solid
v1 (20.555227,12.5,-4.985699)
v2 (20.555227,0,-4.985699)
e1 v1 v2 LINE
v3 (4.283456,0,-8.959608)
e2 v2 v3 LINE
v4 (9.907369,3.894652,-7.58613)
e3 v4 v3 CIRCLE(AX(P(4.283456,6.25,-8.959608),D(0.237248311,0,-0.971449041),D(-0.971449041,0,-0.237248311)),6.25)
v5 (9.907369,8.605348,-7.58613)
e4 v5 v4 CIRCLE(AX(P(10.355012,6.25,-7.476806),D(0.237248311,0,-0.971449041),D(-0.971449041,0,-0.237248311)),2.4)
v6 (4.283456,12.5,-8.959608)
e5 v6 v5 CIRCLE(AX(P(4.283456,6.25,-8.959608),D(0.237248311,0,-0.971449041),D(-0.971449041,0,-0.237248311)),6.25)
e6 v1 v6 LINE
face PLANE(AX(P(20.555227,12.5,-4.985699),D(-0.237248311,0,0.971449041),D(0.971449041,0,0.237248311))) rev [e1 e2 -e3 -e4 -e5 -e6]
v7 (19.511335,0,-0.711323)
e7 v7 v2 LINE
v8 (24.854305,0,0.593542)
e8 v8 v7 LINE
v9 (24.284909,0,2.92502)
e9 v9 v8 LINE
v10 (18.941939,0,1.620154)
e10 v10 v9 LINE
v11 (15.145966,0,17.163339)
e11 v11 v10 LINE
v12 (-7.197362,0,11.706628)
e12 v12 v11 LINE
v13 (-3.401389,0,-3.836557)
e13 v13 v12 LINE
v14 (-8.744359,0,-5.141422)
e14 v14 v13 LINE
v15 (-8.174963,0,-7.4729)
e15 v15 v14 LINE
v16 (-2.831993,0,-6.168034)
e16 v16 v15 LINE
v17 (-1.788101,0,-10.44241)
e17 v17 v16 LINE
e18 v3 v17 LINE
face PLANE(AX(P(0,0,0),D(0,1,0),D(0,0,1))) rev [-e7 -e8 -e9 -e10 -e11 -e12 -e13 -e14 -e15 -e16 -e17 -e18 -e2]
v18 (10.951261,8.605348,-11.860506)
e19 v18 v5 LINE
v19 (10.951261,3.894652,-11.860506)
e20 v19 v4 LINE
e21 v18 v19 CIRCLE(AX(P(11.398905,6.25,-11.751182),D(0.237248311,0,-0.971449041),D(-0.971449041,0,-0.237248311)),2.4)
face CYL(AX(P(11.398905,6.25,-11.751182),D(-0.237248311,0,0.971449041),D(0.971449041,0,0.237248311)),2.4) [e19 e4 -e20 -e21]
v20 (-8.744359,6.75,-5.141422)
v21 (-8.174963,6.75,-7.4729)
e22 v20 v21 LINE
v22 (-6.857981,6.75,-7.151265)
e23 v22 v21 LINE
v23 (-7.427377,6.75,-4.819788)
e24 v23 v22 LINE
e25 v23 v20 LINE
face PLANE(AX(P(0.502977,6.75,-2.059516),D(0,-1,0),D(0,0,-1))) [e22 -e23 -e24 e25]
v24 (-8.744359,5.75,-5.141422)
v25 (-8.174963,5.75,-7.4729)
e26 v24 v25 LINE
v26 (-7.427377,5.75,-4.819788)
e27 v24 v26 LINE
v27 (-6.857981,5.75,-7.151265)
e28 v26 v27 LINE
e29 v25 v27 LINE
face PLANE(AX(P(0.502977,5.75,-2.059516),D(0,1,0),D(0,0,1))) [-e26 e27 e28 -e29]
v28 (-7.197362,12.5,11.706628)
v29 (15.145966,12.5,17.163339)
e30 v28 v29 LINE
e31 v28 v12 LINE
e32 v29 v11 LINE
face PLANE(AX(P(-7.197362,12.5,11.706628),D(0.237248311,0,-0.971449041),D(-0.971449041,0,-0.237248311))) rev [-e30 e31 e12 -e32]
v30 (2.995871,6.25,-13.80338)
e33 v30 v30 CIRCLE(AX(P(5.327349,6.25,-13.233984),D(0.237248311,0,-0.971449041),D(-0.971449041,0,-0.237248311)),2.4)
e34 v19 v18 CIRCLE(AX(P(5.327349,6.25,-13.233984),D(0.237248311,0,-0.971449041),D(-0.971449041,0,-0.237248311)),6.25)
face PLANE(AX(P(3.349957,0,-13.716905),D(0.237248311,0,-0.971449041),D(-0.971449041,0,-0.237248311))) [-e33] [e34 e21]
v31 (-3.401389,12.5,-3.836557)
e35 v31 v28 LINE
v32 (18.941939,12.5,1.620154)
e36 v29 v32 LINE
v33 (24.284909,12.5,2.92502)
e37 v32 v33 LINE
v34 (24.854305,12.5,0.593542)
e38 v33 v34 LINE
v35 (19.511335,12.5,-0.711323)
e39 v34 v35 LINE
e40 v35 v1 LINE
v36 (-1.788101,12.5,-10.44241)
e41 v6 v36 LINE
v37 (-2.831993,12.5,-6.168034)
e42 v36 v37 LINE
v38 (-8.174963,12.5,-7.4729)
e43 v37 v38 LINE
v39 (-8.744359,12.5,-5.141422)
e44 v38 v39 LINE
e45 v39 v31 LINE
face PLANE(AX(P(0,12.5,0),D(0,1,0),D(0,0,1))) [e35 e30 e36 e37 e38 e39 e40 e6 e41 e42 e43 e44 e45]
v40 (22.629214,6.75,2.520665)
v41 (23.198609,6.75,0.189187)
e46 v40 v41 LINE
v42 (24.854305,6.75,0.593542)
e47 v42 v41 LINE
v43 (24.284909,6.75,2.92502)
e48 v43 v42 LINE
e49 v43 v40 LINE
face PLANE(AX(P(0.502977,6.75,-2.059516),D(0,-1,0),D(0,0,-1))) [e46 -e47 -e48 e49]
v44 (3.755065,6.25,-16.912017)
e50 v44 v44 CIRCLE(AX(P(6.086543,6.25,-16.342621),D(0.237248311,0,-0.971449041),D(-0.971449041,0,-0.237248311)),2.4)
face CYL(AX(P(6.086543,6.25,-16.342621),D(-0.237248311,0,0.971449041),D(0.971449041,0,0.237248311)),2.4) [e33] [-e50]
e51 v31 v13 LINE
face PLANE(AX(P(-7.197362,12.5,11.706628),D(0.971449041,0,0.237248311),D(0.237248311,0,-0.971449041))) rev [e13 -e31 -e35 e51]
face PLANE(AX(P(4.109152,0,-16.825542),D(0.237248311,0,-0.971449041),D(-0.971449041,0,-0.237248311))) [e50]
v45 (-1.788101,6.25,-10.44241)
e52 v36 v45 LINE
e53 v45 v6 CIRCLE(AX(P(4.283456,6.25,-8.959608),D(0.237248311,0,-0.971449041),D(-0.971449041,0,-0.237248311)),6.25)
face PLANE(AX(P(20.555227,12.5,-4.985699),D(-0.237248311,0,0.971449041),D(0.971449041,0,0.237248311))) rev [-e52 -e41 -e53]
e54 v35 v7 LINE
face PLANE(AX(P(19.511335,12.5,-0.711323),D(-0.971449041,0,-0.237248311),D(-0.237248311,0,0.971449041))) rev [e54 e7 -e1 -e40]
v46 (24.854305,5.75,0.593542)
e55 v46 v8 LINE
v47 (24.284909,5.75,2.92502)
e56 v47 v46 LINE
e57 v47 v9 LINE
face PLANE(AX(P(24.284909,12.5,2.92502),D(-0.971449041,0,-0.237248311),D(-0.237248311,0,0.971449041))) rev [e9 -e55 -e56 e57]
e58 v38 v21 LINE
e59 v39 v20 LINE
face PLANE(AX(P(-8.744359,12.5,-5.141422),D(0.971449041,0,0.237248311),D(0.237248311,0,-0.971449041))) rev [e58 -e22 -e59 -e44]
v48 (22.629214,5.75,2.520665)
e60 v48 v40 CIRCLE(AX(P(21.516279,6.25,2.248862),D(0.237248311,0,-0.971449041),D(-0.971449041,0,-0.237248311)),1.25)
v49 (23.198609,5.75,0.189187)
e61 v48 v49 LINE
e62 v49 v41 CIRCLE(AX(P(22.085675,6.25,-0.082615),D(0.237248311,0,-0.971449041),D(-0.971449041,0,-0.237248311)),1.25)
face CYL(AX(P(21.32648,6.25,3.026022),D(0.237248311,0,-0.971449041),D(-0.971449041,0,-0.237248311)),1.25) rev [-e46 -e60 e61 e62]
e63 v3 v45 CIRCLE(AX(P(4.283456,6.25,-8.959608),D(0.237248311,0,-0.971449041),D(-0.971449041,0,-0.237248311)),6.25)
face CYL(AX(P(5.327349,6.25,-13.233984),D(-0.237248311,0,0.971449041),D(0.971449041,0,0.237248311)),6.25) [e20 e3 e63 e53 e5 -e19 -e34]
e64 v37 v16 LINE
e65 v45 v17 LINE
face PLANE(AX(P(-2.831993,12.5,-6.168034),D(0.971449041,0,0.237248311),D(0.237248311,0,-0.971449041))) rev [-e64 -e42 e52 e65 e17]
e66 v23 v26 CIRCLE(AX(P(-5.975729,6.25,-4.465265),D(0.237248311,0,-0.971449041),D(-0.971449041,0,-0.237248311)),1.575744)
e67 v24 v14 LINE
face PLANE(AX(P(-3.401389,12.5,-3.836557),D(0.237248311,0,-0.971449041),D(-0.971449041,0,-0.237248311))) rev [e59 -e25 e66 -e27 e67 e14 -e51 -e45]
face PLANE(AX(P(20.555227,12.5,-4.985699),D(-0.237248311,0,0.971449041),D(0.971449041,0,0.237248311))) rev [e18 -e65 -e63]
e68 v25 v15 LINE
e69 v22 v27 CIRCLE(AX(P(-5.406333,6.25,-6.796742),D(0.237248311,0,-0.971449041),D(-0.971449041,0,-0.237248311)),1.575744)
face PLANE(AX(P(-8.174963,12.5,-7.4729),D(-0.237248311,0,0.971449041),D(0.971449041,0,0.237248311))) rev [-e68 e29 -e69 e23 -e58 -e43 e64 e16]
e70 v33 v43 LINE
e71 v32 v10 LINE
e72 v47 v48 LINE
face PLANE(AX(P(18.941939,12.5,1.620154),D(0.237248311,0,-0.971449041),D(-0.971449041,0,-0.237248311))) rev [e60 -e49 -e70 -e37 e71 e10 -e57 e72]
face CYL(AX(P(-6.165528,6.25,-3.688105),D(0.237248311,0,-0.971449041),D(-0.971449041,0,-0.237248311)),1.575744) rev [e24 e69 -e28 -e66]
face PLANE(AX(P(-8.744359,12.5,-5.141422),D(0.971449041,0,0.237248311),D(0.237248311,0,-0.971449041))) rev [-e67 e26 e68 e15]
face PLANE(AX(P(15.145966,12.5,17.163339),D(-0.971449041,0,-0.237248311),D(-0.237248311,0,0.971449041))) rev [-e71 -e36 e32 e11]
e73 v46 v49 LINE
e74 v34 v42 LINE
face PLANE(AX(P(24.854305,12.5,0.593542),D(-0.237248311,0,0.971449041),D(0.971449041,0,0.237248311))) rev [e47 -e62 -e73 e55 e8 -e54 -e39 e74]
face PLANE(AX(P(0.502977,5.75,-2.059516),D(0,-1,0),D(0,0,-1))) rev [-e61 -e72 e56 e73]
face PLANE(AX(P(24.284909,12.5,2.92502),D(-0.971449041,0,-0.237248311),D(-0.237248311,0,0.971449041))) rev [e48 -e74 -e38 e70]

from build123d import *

# Parameters (mm, degrees)
BOSS_EXTRUDE1_DEPTH = 12.5
SKETCH2_R           = 6.25
SKETCH2_R_2         = 2.4
BOSS_EXTRUDE2_DEPTH = 4.4
SKETCH3_R           = 2.4
BOSS_EXTRUDE3_DEPTH = 3.2
SKETCH4_R           = 1.25
CUT_EXTRUDE1_DEPTH  = 3.2
CUT_EXTRUDE2_DEPTH  = 3.2


with BuildPart() as part:
    # Sketch1 → Boss-Extrude1 (new body)
    with BuildSketch(Plane(origin=(0, 0, 0), x_dir=(1, 0, 0), z_dir=(0, 1, 0))):
        Polygon((-7.197362046, -11.706627962), (15.14596589, -17.163339125), (18.941938873, -1.620154473), (24.284908597, -2.925020186), (24.854304545, -0.593542489), (19.511334821, 0.711323224), (20.555227391, 4.985699003), (-1.788100545, 10.442410167), (-2.831993116, 6.168034388), (-8.17496284, 7.472900101), (-8.744358787, 5.141422403), (-3.401389063, 3.83655669), align=None)
    extrude(amount=BOSS_EXTRUDE1_DEPTH)

    # Sketch2 → Boss-Extrude2 (add)
    with BuildSketch(Plane(origin=(2.306064383, 0, -9.442528881), x_dir=(-0.971449041, 0, -0.237248311), z_dir=(0.237248311, 0, -0.971449041))):
        with Locations((-2.035507261, 6.25)):
            Circle(SKETCH2_R)
        with Locations((-8.285507261, 6.25)):
            Circle(SKETCH2_R_2)
    extrude(amount=BOSS_EXTRUDE2_DEPTH)

    # Sketch3 → Boss-Extrude3 (add)
    with BuildSketch(Plane(origin=(3.349956953, 0, -13.71690466), x_dir=(-0.971449041, 0, -0.237248311), z_dir=(0.237248311, 0, -0.971449041))):
        with Locations((-2.035507261, 6.25)):
            Circle(SKETCH3_R)
    extrude(amount=BOSS_EXTRUDE3_DEPTH)

    # Sketch4 → Cut-Extrude1 (cut)
    with BuildSketch(Plane(origin=(1.262171813, 0, -5.168153102), x_dir=(-0.971449041, 0, -0.237248311), z_dir=(0.237248311, 0, -0.971449041))):
        with Locations((-21.435507261, 6.25)):
            Circle(SKETCH4_R)
        Polygon((-24.285507261, 6.25), (-24.285507261, 6.75), (-22.581151185, 6.75), (-22.581151185, 5.75), (-24.285507261, 5.75), align=None)
    extrude(amount=-CUT_EXTRUDE1_DEPTH, mode=Mode.SUBTRACT)

    # Sketch5 → Cut-Extrude2 (cut)
    with BuildSketch(Plane(origin=(1.262171813, 0, -5.168153102), x_dir=(-0.971449041, 0, -0.237248311), z_dir=(0.237248311, 0, -0.971449041))):
        with BuildLine():
            ThreePointArc((8.358804544, 6.75), (6.611198873, 7.805252387), (5.288749178, 6.25))
            Line((5.288749178, 6.25), (6.864492739, 6.25))
            Line((6.864492739, 6.25), (7.879253637, 6.25))
            Line((7.879253637, 6.25), (7.879253637, 6.75))
            Line((7.879253637, 6.75), (8.358804544, 6.75))
        make_face()
        with BuildLine():
            Line((6.864492739, 6.25), (5.288749178, 6.25))
            ThreePointArc((5.288749178, 6.25), (6.611198873, 4.694747613), (8.358804544, 5.75))
            Line((8.358804544, 5.75), (7.879253637, 5.75))
            Line((7.879253637, 5.75), (7.879253637, 6.25))
            Line((7.879253637, 6.25), (6.864492739, 6.25))
        make_face()
        with BuildLine():
            ThreePointArc((8.4402363, 6.25), (8.419745126, 5.996706134), (8.358804544, 5.75))
            Line((8.358804544, 5.75), (9.714492739, 5.75))
            Line((9.714492739, 5.75), (9.714492739, 6.25))
            Line((9.714492739, 6.25), (8.4402363, 6.25))
        make_face()
        with BuildLine():
            Line((9.714492739, 6.75), (8.358804544, 6.75))
            ThreePointArc((8.358804544, 6.75), (8.419745126, 6.503293866), (8.4402363, 6.25))
            Line((8.4402363, 6.25), (9.714492739, 6.25))
            Line((9.714492739, 6.25), (9.714492739, 6.75))
        make_face()
        with BuildLine():
            ThreePointArc((8.4402363, 6.25), (8.419745126, 6.503293866), (8.358804544, 6.75))
            Line((8.358804544, 6.75), (7.879253637, 6.75))
            Line((7.879253637, 6.75), (7.879253637, 6.25))
            Line((7.879253637, 6.25), (8.4402363, 6.25))
        make_face()
        with BuildLine():
            Line((7.879253637, 5.75), (8.358804544, 5.75))
            ThreePointArc((8.358804544, 5.75), (8.419745126, 5.996706134), (8.4402363, 6.25))
            Line((8.4402363, 6.25), (7.879253637, 6.25))
            Line((7.879253637, 6.25), (7.879253637, 5.75))
        make_face()
    extrude(amount=-CUT_EXTRUDE2_DEPTH, mode=Mode.SUBTRACT)


solid = part.part
